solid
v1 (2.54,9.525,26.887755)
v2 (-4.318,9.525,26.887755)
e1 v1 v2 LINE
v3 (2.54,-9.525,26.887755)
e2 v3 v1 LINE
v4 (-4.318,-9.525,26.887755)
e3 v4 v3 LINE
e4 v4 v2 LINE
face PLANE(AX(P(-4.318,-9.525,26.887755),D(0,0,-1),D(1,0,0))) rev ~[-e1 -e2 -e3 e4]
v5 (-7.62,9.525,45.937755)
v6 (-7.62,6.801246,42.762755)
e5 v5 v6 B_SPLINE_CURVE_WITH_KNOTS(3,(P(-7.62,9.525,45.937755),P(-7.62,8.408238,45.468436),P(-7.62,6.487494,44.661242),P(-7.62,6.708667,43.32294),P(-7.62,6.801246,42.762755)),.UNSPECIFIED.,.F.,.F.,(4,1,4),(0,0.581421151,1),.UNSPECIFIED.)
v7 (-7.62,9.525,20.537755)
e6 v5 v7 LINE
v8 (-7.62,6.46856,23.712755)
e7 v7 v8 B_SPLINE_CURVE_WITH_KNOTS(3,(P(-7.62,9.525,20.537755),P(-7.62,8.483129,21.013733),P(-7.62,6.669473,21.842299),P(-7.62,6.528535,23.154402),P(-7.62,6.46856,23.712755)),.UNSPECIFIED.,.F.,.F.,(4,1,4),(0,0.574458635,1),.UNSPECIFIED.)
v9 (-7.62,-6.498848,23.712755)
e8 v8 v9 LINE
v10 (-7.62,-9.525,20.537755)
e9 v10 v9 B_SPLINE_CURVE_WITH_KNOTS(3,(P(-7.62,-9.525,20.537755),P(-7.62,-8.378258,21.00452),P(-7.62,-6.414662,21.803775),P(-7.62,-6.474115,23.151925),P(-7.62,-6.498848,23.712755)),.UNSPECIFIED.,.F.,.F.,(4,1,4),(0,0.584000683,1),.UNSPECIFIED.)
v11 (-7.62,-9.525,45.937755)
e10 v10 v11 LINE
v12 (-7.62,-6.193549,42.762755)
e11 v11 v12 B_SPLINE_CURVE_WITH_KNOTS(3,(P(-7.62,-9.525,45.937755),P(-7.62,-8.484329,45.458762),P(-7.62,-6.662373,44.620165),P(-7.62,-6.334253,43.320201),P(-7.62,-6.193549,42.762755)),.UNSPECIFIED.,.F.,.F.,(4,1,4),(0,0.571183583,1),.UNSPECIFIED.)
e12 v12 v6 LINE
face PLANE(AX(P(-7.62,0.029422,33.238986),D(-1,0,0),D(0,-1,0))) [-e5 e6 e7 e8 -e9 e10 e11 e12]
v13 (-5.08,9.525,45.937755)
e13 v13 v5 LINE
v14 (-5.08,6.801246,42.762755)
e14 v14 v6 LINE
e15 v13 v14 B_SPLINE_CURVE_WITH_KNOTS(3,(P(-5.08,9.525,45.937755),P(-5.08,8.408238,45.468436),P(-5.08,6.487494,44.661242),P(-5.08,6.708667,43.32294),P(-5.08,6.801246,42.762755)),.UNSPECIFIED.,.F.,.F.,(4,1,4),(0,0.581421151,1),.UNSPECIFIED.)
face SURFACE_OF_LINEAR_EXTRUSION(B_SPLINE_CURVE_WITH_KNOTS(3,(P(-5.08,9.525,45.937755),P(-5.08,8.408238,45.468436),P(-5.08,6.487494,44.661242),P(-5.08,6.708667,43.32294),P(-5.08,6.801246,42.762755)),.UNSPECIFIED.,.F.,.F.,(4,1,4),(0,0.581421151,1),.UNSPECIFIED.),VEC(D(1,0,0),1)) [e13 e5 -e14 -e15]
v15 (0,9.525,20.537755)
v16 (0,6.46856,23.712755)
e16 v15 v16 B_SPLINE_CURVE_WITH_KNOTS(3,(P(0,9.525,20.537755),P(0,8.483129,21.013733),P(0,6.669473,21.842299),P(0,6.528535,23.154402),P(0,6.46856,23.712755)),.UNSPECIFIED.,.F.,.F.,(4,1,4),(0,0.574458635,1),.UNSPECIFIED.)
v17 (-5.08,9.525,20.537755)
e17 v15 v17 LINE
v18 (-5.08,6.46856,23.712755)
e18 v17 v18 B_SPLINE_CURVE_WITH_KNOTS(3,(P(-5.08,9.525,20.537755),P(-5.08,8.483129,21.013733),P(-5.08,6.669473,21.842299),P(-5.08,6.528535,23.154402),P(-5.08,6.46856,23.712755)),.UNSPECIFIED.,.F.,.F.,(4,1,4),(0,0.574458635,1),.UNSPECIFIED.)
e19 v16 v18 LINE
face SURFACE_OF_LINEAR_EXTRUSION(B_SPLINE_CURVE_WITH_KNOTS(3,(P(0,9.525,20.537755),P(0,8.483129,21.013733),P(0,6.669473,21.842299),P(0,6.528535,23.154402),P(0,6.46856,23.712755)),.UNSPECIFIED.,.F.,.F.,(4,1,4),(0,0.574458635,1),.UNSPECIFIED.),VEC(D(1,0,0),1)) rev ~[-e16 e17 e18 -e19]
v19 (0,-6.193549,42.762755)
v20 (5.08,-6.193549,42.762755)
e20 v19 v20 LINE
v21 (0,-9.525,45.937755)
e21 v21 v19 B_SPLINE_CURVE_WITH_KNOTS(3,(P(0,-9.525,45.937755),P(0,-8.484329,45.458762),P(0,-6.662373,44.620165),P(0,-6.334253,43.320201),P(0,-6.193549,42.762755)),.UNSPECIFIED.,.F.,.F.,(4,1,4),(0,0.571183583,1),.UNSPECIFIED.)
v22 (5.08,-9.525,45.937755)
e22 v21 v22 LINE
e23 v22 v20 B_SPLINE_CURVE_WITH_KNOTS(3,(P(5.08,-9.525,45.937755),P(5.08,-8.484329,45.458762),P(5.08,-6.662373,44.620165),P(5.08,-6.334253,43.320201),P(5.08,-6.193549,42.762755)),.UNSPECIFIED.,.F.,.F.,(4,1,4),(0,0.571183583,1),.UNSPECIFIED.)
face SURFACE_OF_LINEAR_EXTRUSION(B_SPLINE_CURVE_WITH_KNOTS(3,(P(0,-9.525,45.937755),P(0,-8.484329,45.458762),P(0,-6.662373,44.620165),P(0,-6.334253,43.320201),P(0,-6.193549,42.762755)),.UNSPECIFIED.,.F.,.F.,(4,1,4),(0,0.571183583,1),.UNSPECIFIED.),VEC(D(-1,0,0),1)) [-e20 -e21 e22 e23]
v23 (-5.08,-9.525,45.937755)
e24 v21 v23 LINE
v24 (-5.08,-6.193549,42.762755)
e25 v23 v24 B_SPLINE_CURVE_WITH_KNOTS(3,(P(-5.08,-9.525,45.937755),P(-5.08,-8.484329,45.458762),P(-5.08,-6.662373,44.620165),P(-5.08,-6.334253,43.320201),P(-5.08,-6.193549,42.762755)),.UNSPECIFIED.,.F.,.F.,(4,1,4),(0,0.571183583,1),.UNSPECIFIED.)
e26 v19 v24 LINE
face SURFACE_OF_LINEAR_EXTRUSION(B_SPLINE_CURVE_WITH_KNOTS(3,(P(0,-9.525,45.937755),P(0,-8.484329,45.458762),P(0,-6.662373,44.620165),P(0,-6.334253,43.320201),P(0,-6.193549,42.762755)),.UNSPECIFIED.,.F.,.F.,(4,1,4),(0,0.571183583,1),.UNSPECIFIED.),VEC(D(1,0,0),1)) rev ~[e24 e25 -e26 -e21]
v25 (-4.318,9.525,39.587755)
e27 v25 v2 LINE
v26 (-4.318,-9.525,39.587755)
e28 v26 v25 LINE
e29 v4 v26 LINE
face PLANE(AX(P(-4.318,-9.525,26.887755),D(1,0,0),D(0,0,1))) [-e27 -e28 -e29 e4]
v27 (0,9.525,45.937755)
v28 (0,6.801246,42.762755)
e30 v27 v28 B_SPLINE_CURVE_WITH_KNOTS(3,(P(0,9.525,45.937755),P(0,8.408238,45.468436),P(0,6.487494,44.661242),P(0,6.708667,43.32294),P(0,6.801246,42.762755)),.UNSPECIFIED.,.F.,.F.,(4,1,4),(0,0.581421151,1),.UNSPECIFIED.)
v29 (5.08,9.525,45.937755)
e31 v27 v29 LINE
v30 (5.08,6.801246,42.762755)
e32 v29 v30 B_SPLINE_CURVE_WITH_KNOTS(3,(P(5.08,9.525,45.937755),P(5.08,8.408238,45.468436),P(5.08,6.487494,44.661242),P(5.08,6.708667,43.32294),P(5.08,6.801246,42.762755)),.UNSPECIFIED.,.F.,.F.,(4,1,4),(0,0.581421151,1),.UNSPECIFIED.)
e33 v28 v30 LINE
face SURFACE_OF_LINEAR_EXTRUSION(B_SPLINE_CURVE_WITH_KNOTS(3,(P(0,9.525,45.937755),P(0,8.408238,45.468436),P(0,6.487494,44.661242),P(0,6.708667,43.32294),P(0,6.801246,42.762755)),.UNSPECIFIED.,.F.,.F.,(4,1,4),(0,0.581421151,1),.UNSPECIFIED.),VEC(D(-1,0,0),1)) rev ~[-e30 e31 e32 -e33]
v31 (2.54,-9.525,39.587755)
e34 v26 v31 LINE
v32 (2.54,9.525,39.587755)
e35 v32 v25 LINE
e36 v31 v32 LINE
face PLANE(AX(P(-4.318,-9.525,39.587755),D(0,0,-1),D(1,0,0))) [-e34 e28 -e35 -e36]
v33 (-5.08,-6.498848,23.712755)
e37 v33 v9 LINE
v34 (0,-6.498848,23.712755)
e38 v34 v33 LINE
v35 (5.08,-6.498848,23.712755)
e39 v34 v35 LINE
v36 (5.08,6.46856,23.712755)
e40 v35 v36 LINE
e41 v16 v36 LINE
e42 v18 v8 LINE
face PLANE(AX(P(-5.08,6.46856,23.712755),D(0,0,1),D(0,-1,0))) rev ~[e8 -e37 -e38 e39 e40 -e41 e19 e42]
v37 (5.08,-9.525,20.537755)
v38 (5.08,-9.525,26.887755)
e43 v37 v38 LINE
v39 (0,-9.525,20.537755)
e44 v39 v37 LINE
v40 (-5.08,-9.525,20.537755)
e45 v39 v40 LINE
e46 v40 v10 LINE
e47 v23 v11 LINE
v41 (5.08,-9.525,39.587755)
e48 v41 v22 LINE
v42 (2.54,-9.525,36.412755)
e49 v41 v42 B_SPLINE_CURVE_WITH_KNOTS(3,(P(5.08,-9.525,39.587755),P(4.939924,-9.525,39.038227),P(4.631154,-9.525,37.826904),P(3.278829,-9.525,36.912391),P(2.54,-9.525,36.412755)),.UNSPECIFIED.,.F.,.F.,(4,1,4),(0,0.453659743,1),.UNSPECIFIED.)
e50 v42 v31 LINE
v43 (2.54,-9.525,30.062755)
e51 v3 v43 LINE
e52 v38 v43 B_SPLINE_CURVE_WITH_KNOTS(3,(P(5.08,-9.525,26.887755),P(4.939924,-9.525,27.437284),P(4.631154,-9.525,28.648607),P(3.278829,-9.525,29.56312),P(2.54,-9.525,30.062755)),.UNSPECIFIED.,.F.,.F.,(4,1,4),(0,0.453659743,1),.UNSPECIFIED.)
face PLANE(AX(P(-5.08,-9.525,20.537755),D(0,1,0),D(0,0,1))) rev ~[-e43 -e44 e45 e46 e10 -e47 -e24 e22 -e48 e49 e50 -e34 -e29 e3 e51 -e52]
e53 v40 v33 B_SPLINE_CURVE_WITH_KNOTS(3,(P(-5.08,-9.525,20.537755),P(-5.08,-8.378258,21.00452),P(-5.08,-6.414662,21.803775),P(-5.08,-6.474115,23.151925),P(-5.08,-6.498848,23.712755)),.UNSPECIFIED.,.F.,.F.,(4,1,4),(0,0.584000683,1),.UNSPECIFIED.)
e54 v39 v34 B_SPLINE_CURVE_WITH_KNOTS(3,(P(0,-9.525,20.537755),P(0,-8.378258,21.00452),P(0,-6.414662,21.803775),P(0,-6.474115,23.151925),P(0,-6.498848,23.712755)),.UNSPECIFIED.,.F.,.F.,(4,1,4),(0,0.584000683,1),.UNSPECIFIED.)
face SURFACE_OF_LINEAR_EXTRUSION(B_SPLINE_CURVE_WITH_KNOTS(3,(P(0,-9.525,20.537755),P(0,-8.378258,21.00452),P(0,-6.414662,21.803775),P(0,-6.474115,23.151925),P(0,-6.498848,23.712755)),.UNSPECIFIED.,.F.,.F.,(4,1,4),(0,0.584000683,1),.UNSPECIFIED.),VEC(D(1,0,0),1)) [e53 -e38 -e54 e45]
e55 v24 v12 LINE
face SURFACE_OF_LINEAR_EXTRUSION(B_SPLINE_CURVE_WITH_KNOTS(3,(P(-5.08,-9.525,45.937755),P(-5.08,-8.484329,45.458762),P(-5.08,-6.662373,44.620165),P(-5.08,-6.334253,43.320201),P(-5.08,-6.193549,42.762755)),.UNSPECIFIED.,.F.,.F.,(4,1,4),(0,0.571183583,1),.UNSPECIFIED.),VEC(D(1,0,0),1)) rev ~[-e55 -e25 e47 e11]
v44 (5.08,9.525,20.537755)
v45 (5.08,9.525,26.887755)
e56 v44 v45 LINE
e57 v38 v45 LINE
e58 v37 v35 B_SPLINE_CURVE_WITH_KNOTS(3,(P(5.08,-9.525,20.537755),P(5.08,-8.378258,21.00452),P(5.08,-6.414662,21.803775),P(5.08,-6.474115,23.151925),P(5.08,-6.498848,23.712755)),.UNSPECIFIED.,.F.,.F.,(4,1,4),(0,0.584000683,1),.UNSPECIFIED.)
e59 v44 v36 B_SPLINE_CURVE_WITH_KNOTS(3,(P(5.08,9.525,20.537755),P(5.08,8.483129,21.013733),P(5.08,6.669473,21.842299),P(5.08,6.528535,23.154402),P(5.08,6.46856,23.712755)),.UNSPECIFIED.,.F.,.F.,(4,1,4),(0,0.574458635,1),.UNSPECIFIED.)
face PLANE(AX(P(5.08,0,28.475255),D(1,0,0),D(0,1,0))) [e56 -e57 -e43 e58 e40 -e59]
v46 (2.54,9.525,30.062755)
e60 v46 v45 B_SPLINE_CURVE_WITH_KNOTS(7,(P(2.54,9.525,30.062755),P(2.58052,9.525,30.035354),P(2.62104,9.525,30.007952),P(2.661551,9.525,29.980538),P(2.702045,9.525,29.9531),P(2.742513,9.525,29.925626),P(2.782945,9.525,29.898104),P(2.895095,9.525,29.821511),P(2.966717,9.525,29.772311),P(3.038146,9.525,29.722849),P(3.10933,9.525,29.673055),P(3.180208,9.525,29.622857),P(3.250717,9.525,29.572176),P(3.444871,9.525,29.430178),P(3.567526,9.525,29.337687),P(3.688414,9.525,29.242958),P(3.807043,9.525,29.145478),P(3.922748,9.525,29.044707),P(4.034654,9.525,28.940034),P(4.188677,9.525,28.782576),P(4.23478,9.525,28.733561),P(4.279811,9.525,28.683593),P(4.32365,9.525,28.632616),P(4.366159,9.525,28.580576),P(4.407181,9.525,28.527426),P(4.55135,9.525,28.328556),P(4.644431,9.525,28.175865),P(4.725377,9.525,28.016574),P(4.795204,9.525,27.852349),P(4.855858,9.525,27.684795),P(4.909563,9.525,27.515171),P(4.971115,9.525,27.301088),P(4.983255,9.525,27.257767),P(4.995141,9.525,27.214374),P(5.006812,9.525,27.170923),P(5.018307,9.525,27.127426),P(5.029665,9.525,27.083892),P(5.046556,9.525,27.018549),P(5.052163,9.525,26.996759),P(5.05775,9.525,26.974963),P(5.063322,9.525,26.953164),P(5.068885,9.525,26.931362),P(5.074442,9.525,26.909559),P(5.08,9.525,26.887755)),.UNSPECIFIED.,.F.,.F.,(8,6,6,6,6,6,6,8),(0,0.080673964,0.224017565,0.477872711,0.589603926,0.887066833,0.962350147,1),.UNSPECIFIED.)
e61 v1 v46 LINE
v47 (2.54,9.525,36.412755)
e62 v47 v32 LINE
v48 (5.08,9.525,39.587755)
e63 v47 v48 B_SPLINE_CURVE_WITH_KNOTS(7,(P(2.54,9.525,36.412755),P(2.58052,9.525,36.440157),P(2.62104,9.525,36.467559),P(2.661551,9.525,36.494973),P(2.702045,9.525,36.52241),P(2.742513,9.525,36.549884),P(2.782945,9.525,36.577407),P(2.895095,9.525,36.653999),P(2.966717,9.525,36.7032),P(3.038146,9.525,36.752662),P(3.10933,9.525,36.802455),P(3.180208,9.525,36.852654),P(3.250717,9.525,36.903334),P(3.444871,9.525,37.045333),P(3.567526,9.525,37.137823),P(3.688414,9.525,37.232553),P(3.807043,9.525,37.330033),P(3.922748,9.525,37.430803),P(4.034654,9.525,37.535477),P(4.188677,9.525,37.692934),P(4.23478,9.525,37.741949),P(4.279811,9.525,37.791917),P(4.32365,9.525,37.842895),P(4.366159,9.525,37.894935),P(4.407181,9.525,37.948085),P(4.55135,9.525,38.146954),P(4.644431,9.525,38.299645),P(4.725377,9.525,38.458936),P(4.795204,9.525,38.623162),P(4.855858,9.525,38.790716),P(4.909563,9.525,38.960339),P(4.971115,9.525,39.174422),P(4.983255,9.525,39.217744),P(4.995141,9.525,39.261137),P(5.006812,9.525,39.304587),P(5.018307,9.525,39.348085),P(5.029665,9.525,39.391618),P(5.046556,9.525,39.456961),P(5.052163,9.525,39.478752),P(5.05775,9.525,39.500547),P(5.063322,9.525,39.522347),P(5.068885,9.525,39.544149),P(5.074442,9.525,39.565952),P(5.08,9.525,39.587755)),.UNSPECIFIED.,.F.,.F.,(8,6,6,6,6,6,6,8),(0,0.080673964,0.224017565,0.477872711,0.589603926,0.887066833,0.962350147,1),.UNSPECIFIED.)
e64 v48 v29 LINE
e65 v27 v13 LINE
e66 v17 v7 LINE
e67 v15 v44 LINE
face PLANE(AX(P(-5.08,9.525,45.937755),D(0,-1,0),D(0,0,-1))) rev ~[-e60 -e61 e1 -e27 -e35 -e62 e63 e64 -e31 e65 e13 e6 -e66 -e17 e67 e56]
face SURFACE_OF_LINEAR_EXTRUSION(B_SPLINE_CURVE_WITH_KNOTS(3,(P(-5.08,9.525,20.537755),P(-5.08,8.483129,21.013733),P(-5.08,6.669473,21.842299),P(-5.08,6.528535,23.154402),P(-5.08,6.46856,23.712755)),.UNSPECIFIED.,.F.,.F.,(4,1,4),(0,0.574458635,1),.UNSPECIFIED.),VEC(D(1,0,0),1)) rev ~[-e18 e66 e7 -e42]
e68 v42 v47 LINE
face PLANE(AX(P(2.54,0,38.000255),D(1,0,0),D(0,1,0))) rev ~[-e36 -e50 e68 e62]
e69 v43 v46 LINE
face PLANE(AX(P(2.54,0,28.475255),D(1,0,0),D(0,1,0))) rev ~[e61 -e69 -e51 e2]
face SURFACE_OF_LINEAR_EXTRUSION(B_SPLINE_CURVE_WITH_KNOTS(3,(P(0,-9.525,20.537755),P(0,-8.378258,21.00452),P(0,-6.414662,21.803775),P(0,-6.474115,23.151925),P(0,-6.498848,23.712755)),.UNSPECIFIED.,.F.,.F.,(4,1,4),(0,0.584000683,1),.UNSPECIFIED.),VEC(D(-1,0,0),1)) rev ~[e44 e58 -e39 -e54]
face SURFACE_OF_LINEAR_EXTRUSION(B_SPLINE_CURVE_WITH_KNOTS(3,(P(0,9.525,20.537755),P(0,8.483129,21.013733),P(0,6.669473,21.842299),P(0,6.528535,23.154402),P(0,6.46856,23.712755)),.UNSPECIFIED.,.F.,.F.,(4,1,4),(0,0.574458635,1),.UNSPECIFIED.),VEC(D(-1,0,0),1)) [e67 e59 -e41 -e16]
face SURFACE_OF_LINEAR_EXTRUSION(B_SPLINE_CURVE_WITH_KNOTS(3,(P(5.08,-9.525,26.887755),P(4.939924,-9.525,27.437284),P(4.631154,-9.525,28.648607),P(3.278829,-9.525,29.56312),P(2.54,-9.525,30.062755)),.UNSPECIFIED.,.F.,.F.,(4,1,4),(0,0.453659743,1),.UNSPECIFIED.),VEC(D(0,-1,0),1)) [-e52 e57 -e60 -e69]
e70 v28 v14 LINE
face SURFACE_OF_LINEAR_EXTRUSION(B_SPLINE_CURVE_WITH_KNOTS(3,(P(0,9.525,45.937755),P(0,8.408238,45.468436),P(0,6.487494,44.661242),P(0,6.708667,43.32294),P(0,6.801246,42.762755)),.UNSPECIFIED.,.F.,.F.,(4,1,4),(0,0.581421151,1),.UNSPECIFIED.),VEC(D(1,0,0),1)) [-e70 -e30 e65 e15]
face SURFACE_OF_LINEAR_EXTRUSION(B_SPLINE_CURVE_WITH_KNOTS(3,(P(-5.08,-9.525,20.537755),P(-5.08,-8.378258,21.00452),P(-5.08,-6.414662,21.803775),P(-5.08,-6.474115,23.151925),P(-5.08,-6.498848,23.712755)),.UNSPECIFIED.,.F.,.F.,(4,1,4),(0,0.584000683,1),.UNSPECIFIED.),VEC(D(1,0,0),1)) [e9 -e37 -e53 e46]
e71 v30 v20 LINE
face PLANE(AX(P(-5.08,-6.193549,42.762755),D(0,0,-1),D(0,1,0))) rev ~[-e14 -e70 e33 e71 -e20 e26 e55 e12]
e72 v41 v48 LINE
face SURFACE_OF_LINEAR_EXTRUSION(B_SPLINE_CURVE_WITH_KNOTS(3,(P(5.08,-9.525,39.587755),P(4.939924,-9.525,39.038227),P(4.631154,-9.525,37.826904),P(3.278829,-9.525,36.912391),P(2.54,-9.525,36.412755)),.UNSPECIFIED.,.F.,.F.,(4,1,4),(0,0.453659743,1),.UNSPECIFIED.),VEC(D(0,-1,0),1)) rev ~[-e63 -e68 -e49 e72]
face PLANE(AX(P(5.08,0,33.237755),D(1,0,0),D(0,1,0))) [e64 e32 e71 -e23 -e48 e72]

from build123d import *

# Parameters (mm, degrees)
F1_DEPTH  = 5.08
F2_W      = 9.398
F2_H      = 12.7
F3_DEPTH  = 36.4129
F5_W      = 19.05
F5_H      = 3.175
F4_W      = 19.05
F4_H      = 3.175
F6_DEPTH  = 2.54
F8_DEPTH  = 25.4
F10_DEPTH = 2.54


with BuildPart() as f1:
    # F0 (on Right) → F1 (new body, symmetric)
    with BuildSketch(Plane.YZ):
        Polygon((-9.525, 42.7627552986), (-9.525, 23.7127552986), (-6.4988480881, 23.7127552986), (6.468560081, 23.7127552986), (9.525, 23.7127552986), (9.525, 42.7627552986), (6.8012457341, 42.7627552986), (-6.1935493723, 42.7627552986), align=None)
        with BuildLine():
            Line((-9.525, 45.9377552986), (-9.525, 42.7627552986))
            Line((-9.525, 42.7627552986), (-6.1935493723, 42.7627552986))
            add(Edge.make_bspline(
                [(-9.525, 45.9377552986), (-8.4843289073, 45.4587623907), (-6.6623733691, 44.6201652706), (-6.3342528413, 43.3202012234), (-6.1935493723, 42.7627552986)],
                knots=[0, 0, 0, 0, 0.5711835832, 1, 1, 1, 1], degree=3))
        make_face()
        with BuildLine():
            add(Edge.make_bspline(
                [(9.525, 45.9377552986), (8.4082384885, 45.4684357534), (6.487493932, 44.6612419592), (6.708667258, 43.3229401352), (6.8012457341, 42.7627552986)],
                knots=[0, 0, 0, 0, 0.5814211514, 1, 1, 1, 1], degree=3))
            Line((6.8012457341, 42.7627552986), (9.525, 42.7627552986))
            Line((9.525, 42.7627552986), (9.525, 45.9377552986))
        make_face()
        with BuildLine():
            Line((-6.4988480881, 23.7127552986), (-9.525, 23.7127552986))
            Line((-9.525, 23.7127552986), (-9.525, 20.5377552986))
            add(Edge.make_bspline(
                [(-9.525, 20.5377552986), (-8.3782583984, 21.004520321), (-6.4146620617, 21.8037745617), (-6.4741154988, 23.1519254498), (-6.4988480881, 23.7127552986)],
                knots=[0, 0, 0, 0, 0.5840006829, 1, 1, 1, 1], degree=3))
        make_face()
        with BuildLine():
            Line((9.525, 23.7127552986), (6.468560081, 23.7127552986))
            add(Edge.make_bspline(
                [(9.525, 20.5377552986), (8.483129389, 21.0137326336), (6.6694729366, 21.8422994016), (6.528535002, 23.1544015571), (6.468560081, 23.7127552986)],
                knots=[0, 0, 0, 0, 0.5744586355, 1, 1, 1, 1], degree=3))
            Line((9.525, 20.5377552986), (9.525, 23.7127552986))
        make_face()
    extrude(amount=F1_DEPTH, both=True)

    # F2 (on face) → F3 (cut)
    with BuildSketch(Plane.XZ.offset(9.525)):
        with Locations((0.381, 33.2377552986)):
            Rectangle(F2_W, F2_H)
    extrude(amount=-F3_DEPTH, mode=Mode.SUBTRACT)

    # F5 (on face) + F4 (on face) → F6 (join)
    with BuildSketch(Plane.YZ.offset(5.08)):
        with Locations((0, 28.4752552986)):
            Rectangle(F5_W, F5_H)
    with BuildSketch(Plane.YZ.offset(5.08)):
        with Locations((0, 38.0002552986)):
            Rectangle(F4_W, F4_H)
    extrude(amount=-F6_DEPTH)

    # F7 (on face) → F8 (cut)
    with BuildSketch(Plane.XZ.offset(9.525)):
        with BuildLine():
            Line((5.08, 36.4127552986), (5.08, 39.5877552986))
            add(Edge.make_bspline(
                [(5.08, 39.5877552986), (4.9399237186, 39.0382267482), (4.6311542423, 37.8269035964), (3.2788294654, 36.9123905765), (2.54, 36.4127552986)],
                knots=[0, 0, 0, 0, 0.4536597435, 1, 1, 1, 1], degree=3))
            Line((2.54, 36.4127552986), (5.08, 36.4127552986))
        make_face()
        with BuildLine():
            add(Edge.make_bspline(
                [(5.08, 26.8877552986), (4.9399237186, 27.437283849), (4.6311542423, 28.6486070008), (3.2788294654, 29.5631200208), (2.54, 30.0627552986)],
                knots=[0, 0, 0, 0, 0.4536597435, 1, 1, 1, 1], degree=3))
            Line((5.08, 26.8877552986), (5.08, 30.0627552986))
            Line((5.08, 30.0627552986), (2.54, 30.0627552986))
        make_face()
    extrude(amount=-F8_DEPTH, mode=Mode.SUBTRACT)

    # F9 (on face) → F10 (join)
    with BuildSketch(Plane(origin=(-5.08, 0, 0), x_dir=(0, -1, 0), z_dir=(-1, 0, 0))):
        with BuildLine():
            add(Edge.make_bspline(
                [(-9.525, 20.5377552986), (-8.483129389, 21.0137326336), (-6.6694729366, 21.8422994016), (-6.528535002, 23.1544015571), (-6.468560081, 23.7127552986)],
                knots=[0, 0, 0, 0, 0.5744586355, 1, 1, 1, 1], degree=3))
            Line((-6.468560081, 23.7127552986), (6.4988480881, 23.7127552986))
            add(Edge.make_bspline(
                [(9.525, 20.5377552986), (8.3782583984, 21.004520321), (6.4146620617, 21.8037745617), (6.4741154988, 23.1519254498), (6.4988480881, 23.7127552986)],
                knots=[0, 0, 0, 0, 0.5840006829, 1, 1, 1, 1], degree=3))
            Line((9.525, 20.5377552986), (9.525, 45.9377552986))
            add(Edge.make_bspline(
                [(9.525, 45.9377552986), (8.4843289073, 45.4587623907), (6.6623733691, 44.6201652706), (6.3342528413, 43.3202012234), (6.1935493723, 42.7627552986)],
                knots=[0, 0, 0, 0, 0.5711835832, 1, 1, 1, 1], degree=3))
            Line((6.1935493723, 42.7627552986), (-6.8012457341, 42.7627552986))
            add(Edge.make_bspline(
                [(-9.525, 45.9377552986), (-8.4082384885, 45.4684357534), (-6.487493932, 44.6612419592), (-6.708667258, 43.3229401352), (-6.8012457341, 42.7627552986)],
                knots=[0, 0, 0, 0, 0.5814211514, 1, 1, 1, 1], degree=3))
            Line((-9.525, 45.9377552986), (-9.525, 20.5377552986))
        make_face()
    extrude(amount=F10_DEPTH)


solid = f1.part
